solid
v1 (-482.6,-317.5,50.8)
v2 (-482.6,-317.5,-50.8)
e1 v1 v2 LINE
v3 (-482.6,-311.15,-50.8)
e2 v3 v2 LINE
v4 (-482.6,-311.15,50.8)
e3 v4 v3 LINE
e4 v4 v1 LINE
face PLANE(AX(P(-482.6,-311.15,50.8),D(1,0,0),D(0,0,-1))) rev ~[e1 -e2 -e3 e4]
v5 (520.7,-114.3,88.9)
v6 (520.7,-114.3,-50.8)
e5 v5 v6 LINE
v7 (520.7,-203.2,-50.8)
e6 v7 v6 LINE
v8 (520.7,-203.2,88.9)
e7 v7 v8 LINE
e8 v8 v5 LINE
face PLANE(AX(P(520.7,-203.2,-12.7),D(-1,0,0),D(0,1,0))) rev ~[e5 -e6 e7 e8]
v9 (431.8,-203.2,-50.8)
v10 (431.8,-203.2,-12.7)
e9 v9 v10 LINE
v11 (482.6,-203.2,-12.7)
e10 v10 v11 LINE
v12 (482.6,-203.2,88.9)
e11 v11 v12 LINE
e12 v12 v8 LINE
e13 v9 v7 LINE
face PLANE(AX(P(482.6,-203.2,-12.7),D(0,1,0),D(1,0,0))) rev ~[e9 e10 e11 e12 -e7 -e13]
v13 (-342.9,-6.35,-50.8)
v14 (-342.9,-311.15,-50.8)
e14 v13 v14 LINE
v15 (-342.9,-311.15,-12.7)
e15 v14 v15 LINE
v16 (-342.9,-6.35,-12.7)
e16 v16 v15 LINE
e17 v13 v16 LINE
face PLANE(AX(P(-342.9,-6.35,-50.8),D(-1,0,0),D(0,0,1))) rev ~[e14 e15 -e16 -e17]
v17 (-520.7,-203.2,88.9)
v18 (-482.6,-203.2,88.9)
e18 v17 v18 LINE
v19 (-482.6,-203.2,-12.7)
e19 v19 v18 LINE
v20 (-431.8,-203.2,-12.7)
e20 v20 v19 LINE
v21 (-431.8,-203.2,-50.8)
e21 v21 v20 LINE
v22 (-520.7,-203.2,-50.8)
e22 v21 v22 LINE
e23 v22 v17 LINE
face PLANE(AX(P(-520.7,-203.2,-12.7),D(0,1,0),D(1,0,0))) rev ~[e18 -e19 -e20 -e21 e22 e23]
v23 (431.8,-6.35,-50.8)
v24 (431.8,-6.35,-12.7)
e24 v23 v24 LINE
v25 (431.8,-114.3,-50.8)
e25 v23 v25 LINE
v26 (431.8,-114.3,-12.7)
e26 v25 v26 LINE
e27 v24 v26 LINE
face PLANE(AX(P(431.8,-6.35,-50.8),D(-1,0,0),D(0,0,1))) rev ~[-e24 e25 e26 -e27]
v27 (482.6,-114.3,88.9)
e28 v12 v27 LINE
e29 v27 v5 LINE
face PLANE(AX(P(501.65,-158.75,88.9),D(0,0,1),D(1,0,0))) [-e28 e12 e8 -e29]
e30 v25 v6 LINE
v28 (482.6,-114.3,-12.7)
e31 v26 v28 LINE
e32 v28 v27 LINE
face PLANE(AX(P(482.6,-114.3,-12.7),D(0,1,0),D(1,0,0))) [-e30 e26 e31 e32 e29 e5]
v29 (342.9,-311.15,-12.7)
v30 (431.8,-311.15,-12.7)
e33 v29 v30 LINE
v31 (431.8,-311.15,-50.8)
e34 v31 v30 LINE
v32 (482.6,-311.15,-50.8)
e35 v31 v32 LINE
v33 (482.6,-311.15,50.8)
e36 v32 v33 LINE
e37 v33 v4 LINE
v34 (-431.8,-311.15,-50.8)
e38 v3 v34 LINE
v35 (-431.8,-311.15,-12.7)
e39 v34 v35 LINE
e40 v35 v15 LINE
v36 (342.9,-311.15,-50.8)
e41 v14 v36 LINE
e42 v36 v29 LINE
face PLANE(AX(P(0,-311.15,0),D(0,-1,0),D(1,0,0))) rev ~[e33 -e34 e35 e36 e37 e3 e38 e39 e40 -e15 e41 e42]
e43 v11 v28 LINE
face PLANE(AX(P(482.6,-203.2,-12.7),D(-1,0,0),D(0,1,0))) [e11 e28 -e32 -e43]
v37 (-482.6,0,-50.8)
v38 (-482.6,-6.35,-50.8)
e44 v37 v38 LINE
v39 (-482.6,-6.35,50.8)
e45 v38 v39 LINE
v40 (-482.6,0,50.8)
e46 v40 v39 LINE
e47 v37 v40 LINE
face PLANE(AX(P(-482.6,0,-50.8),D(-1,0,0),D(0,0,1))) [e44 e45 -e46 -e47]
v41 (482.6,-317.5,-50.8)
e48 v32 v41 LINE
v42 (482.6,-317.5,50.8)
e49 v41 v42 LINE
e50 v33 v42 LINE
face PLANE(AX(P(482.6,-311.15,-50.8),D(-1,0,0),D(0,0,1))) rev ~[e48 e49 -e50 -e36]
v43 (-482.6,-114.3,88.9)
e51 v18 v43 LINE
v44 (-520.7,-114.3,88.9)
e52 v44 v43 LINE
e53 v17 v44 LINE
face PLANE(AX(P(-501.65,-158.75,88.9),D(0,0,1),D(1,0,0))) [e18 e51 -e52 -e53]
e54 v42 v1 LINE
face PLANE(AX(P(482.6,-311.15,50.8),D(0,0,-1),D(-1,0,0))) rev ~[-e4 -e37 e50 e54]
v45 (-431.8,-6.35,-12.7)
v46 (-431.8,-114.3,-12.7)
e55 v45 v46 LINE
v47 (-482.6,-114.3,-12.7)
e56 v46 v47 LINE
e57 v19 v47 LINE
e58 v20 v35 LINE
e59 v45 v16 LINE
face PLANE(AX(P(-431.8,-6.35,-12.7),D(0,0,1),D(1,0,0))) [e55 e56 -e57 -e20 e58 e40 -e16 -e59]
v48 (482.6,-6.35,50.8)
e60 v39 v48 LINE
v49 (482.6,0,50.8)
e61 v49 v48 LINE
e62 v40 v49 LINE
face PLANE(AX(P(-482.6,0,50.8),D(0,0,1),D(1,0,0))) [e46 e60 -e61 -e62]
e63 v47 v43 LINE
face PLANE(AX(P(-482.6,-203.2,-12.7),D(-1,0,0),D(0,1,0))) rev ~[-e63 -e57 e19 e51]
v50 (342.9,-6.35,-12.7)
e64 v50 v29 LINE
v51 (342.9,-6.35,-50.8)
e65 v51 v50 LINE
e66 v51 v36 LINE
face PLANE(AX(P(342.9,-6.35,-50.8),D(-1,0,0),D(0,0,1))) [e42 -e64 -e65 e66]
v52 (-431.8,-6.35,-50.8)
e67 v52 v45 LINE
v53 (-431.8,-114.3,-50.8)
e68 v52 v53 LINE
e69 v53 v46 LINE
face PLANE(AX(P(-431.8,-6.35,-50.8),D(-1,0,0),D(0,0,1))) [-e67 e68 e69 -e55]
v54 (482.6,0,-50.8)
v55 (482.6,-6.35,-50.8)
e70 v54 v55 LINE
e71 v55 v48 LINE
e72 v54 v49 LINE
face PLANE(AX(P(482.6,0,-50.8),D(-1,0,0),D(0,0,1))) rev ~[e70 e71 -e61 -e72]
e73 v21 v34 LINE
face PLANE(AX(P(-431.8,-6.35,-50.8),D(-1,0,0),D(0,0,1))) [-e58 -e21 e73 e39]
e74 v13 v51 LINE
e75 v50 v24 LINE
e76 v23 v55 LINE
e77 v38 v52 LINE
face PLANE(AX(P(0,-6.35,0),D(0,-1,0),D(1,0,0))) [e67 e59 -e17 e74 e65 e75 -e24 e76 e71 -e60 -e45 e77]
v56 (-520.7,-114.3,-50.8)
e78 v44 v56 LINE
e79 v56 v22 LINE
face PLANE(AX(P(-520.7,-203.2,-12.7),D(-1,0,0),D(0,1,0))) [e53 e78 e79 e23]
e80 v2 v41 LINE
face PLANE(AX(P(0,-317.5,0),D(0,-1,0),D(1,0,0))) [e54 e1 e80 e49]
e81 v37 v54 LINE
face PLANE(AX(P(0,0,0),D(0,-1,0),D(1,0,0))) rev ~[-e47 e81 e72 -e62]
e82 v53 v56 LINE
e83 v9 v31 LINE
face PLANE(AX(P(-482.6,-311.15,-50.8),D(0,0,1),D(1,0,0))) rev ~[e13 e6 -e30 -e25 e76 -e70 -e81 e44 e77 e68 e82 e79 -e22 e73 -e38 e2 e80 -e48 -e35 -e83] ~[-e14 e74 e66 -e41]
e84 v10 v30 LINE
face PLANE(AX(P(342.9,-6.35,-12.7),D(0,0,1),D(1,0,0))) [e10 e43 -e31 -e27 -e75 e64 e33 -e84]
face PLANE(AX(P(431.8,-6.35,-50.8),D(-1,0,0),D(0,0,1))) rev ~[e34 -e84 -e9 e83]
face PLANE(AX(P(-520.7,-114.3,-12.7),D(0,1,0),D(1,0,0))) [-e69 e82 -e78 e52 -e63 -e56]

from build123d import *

# Parameters (mm, degrees)
F0_W      = 965.2
F0_H      = 101.6
F1_DEPTH  = 6.35
F2_W      = 88.9
F2_H      = 38.1
F3_DEPTH  = 304.8
F4_W      = 88.9
F4_H      = 38.1
F5_DEPTH  = 88.9
F6_W      = 38.1
F6_H      = 88.9
F7_DEPTH  = 101.6
F8_W      = 88.9
F8_H      = 38.1
F9_DEPTH  = 88.9
F10_W     = 38.1
F10_H     = 88.9
F11_DEPTH = 101.6
F13_DEPTH = 6.35


with BuildPart() as f1:
    # F0 (on Front) → F1 (new body)
    with BuildSketch(Plane.XZ):
        Rectangle(F0_W, F0_H)
    extrude(amount=F1_DEPTH)

    # F2 (on face) → F3 (join)
    with BuildSketch(Plane.XZ.offset(6.35)):
        with Locations((-387.35, -31.75)):
            Rectangle(F2_W, F2_H)
        with Locations((387.35, -31.75)):
            Rectangle(F2_W, F2_H)
    extrude(amount=F3_DEPTH)

    # F4 (on face) → F5 (join)
    with BuildSketch(Plane(origin=(-431.8, 0, 0), x_dir=(0, -1, 0), z_dir=(-1, 0, 0))):
        with Locations((158.75, -31.75)):
            Rectangle(F4_W, F4_H)
    extrude(amount=F5_DEPTH)

    # F6 (on face) → F7 (join)
    with BuildSketch(Plane.XY.offset(-12.7)):
        with Locations((-501.65, -158.75)):
            Rectangle(F6_W, F6_H)
    extrude(amount=F7_DEPTH)

    # F8 (on face) → F9 (join)
    with BuildSketch(Plane.YZ.offset(431.8)):
        with Locations((-158.75, -31.75)):
            Rectangle(F8_W, F8_H)
    extrude(amount=F9_DEPTH)

    # F10 (on face) → F11 (join)
    with BuildSketch(Plane.XY.offset(-12.7)):
        with Locations((501.65, -158.75)):
            Rectangle(F10_W, F10_H)
    extrude(amount=F11_DEPTH)

    # F12 (on face) → F13 (join)
    with BuildSketch(Plane.XZ.offset(311.15)):
        Polygon((-482.6, -50.8), (-431.8, -50.8), (482.6, -50.8), (482.6, 50.8), (-482.6, 50.8), align=None)
    extrude(amount=F13_DEPTH)


solid = f1.part
